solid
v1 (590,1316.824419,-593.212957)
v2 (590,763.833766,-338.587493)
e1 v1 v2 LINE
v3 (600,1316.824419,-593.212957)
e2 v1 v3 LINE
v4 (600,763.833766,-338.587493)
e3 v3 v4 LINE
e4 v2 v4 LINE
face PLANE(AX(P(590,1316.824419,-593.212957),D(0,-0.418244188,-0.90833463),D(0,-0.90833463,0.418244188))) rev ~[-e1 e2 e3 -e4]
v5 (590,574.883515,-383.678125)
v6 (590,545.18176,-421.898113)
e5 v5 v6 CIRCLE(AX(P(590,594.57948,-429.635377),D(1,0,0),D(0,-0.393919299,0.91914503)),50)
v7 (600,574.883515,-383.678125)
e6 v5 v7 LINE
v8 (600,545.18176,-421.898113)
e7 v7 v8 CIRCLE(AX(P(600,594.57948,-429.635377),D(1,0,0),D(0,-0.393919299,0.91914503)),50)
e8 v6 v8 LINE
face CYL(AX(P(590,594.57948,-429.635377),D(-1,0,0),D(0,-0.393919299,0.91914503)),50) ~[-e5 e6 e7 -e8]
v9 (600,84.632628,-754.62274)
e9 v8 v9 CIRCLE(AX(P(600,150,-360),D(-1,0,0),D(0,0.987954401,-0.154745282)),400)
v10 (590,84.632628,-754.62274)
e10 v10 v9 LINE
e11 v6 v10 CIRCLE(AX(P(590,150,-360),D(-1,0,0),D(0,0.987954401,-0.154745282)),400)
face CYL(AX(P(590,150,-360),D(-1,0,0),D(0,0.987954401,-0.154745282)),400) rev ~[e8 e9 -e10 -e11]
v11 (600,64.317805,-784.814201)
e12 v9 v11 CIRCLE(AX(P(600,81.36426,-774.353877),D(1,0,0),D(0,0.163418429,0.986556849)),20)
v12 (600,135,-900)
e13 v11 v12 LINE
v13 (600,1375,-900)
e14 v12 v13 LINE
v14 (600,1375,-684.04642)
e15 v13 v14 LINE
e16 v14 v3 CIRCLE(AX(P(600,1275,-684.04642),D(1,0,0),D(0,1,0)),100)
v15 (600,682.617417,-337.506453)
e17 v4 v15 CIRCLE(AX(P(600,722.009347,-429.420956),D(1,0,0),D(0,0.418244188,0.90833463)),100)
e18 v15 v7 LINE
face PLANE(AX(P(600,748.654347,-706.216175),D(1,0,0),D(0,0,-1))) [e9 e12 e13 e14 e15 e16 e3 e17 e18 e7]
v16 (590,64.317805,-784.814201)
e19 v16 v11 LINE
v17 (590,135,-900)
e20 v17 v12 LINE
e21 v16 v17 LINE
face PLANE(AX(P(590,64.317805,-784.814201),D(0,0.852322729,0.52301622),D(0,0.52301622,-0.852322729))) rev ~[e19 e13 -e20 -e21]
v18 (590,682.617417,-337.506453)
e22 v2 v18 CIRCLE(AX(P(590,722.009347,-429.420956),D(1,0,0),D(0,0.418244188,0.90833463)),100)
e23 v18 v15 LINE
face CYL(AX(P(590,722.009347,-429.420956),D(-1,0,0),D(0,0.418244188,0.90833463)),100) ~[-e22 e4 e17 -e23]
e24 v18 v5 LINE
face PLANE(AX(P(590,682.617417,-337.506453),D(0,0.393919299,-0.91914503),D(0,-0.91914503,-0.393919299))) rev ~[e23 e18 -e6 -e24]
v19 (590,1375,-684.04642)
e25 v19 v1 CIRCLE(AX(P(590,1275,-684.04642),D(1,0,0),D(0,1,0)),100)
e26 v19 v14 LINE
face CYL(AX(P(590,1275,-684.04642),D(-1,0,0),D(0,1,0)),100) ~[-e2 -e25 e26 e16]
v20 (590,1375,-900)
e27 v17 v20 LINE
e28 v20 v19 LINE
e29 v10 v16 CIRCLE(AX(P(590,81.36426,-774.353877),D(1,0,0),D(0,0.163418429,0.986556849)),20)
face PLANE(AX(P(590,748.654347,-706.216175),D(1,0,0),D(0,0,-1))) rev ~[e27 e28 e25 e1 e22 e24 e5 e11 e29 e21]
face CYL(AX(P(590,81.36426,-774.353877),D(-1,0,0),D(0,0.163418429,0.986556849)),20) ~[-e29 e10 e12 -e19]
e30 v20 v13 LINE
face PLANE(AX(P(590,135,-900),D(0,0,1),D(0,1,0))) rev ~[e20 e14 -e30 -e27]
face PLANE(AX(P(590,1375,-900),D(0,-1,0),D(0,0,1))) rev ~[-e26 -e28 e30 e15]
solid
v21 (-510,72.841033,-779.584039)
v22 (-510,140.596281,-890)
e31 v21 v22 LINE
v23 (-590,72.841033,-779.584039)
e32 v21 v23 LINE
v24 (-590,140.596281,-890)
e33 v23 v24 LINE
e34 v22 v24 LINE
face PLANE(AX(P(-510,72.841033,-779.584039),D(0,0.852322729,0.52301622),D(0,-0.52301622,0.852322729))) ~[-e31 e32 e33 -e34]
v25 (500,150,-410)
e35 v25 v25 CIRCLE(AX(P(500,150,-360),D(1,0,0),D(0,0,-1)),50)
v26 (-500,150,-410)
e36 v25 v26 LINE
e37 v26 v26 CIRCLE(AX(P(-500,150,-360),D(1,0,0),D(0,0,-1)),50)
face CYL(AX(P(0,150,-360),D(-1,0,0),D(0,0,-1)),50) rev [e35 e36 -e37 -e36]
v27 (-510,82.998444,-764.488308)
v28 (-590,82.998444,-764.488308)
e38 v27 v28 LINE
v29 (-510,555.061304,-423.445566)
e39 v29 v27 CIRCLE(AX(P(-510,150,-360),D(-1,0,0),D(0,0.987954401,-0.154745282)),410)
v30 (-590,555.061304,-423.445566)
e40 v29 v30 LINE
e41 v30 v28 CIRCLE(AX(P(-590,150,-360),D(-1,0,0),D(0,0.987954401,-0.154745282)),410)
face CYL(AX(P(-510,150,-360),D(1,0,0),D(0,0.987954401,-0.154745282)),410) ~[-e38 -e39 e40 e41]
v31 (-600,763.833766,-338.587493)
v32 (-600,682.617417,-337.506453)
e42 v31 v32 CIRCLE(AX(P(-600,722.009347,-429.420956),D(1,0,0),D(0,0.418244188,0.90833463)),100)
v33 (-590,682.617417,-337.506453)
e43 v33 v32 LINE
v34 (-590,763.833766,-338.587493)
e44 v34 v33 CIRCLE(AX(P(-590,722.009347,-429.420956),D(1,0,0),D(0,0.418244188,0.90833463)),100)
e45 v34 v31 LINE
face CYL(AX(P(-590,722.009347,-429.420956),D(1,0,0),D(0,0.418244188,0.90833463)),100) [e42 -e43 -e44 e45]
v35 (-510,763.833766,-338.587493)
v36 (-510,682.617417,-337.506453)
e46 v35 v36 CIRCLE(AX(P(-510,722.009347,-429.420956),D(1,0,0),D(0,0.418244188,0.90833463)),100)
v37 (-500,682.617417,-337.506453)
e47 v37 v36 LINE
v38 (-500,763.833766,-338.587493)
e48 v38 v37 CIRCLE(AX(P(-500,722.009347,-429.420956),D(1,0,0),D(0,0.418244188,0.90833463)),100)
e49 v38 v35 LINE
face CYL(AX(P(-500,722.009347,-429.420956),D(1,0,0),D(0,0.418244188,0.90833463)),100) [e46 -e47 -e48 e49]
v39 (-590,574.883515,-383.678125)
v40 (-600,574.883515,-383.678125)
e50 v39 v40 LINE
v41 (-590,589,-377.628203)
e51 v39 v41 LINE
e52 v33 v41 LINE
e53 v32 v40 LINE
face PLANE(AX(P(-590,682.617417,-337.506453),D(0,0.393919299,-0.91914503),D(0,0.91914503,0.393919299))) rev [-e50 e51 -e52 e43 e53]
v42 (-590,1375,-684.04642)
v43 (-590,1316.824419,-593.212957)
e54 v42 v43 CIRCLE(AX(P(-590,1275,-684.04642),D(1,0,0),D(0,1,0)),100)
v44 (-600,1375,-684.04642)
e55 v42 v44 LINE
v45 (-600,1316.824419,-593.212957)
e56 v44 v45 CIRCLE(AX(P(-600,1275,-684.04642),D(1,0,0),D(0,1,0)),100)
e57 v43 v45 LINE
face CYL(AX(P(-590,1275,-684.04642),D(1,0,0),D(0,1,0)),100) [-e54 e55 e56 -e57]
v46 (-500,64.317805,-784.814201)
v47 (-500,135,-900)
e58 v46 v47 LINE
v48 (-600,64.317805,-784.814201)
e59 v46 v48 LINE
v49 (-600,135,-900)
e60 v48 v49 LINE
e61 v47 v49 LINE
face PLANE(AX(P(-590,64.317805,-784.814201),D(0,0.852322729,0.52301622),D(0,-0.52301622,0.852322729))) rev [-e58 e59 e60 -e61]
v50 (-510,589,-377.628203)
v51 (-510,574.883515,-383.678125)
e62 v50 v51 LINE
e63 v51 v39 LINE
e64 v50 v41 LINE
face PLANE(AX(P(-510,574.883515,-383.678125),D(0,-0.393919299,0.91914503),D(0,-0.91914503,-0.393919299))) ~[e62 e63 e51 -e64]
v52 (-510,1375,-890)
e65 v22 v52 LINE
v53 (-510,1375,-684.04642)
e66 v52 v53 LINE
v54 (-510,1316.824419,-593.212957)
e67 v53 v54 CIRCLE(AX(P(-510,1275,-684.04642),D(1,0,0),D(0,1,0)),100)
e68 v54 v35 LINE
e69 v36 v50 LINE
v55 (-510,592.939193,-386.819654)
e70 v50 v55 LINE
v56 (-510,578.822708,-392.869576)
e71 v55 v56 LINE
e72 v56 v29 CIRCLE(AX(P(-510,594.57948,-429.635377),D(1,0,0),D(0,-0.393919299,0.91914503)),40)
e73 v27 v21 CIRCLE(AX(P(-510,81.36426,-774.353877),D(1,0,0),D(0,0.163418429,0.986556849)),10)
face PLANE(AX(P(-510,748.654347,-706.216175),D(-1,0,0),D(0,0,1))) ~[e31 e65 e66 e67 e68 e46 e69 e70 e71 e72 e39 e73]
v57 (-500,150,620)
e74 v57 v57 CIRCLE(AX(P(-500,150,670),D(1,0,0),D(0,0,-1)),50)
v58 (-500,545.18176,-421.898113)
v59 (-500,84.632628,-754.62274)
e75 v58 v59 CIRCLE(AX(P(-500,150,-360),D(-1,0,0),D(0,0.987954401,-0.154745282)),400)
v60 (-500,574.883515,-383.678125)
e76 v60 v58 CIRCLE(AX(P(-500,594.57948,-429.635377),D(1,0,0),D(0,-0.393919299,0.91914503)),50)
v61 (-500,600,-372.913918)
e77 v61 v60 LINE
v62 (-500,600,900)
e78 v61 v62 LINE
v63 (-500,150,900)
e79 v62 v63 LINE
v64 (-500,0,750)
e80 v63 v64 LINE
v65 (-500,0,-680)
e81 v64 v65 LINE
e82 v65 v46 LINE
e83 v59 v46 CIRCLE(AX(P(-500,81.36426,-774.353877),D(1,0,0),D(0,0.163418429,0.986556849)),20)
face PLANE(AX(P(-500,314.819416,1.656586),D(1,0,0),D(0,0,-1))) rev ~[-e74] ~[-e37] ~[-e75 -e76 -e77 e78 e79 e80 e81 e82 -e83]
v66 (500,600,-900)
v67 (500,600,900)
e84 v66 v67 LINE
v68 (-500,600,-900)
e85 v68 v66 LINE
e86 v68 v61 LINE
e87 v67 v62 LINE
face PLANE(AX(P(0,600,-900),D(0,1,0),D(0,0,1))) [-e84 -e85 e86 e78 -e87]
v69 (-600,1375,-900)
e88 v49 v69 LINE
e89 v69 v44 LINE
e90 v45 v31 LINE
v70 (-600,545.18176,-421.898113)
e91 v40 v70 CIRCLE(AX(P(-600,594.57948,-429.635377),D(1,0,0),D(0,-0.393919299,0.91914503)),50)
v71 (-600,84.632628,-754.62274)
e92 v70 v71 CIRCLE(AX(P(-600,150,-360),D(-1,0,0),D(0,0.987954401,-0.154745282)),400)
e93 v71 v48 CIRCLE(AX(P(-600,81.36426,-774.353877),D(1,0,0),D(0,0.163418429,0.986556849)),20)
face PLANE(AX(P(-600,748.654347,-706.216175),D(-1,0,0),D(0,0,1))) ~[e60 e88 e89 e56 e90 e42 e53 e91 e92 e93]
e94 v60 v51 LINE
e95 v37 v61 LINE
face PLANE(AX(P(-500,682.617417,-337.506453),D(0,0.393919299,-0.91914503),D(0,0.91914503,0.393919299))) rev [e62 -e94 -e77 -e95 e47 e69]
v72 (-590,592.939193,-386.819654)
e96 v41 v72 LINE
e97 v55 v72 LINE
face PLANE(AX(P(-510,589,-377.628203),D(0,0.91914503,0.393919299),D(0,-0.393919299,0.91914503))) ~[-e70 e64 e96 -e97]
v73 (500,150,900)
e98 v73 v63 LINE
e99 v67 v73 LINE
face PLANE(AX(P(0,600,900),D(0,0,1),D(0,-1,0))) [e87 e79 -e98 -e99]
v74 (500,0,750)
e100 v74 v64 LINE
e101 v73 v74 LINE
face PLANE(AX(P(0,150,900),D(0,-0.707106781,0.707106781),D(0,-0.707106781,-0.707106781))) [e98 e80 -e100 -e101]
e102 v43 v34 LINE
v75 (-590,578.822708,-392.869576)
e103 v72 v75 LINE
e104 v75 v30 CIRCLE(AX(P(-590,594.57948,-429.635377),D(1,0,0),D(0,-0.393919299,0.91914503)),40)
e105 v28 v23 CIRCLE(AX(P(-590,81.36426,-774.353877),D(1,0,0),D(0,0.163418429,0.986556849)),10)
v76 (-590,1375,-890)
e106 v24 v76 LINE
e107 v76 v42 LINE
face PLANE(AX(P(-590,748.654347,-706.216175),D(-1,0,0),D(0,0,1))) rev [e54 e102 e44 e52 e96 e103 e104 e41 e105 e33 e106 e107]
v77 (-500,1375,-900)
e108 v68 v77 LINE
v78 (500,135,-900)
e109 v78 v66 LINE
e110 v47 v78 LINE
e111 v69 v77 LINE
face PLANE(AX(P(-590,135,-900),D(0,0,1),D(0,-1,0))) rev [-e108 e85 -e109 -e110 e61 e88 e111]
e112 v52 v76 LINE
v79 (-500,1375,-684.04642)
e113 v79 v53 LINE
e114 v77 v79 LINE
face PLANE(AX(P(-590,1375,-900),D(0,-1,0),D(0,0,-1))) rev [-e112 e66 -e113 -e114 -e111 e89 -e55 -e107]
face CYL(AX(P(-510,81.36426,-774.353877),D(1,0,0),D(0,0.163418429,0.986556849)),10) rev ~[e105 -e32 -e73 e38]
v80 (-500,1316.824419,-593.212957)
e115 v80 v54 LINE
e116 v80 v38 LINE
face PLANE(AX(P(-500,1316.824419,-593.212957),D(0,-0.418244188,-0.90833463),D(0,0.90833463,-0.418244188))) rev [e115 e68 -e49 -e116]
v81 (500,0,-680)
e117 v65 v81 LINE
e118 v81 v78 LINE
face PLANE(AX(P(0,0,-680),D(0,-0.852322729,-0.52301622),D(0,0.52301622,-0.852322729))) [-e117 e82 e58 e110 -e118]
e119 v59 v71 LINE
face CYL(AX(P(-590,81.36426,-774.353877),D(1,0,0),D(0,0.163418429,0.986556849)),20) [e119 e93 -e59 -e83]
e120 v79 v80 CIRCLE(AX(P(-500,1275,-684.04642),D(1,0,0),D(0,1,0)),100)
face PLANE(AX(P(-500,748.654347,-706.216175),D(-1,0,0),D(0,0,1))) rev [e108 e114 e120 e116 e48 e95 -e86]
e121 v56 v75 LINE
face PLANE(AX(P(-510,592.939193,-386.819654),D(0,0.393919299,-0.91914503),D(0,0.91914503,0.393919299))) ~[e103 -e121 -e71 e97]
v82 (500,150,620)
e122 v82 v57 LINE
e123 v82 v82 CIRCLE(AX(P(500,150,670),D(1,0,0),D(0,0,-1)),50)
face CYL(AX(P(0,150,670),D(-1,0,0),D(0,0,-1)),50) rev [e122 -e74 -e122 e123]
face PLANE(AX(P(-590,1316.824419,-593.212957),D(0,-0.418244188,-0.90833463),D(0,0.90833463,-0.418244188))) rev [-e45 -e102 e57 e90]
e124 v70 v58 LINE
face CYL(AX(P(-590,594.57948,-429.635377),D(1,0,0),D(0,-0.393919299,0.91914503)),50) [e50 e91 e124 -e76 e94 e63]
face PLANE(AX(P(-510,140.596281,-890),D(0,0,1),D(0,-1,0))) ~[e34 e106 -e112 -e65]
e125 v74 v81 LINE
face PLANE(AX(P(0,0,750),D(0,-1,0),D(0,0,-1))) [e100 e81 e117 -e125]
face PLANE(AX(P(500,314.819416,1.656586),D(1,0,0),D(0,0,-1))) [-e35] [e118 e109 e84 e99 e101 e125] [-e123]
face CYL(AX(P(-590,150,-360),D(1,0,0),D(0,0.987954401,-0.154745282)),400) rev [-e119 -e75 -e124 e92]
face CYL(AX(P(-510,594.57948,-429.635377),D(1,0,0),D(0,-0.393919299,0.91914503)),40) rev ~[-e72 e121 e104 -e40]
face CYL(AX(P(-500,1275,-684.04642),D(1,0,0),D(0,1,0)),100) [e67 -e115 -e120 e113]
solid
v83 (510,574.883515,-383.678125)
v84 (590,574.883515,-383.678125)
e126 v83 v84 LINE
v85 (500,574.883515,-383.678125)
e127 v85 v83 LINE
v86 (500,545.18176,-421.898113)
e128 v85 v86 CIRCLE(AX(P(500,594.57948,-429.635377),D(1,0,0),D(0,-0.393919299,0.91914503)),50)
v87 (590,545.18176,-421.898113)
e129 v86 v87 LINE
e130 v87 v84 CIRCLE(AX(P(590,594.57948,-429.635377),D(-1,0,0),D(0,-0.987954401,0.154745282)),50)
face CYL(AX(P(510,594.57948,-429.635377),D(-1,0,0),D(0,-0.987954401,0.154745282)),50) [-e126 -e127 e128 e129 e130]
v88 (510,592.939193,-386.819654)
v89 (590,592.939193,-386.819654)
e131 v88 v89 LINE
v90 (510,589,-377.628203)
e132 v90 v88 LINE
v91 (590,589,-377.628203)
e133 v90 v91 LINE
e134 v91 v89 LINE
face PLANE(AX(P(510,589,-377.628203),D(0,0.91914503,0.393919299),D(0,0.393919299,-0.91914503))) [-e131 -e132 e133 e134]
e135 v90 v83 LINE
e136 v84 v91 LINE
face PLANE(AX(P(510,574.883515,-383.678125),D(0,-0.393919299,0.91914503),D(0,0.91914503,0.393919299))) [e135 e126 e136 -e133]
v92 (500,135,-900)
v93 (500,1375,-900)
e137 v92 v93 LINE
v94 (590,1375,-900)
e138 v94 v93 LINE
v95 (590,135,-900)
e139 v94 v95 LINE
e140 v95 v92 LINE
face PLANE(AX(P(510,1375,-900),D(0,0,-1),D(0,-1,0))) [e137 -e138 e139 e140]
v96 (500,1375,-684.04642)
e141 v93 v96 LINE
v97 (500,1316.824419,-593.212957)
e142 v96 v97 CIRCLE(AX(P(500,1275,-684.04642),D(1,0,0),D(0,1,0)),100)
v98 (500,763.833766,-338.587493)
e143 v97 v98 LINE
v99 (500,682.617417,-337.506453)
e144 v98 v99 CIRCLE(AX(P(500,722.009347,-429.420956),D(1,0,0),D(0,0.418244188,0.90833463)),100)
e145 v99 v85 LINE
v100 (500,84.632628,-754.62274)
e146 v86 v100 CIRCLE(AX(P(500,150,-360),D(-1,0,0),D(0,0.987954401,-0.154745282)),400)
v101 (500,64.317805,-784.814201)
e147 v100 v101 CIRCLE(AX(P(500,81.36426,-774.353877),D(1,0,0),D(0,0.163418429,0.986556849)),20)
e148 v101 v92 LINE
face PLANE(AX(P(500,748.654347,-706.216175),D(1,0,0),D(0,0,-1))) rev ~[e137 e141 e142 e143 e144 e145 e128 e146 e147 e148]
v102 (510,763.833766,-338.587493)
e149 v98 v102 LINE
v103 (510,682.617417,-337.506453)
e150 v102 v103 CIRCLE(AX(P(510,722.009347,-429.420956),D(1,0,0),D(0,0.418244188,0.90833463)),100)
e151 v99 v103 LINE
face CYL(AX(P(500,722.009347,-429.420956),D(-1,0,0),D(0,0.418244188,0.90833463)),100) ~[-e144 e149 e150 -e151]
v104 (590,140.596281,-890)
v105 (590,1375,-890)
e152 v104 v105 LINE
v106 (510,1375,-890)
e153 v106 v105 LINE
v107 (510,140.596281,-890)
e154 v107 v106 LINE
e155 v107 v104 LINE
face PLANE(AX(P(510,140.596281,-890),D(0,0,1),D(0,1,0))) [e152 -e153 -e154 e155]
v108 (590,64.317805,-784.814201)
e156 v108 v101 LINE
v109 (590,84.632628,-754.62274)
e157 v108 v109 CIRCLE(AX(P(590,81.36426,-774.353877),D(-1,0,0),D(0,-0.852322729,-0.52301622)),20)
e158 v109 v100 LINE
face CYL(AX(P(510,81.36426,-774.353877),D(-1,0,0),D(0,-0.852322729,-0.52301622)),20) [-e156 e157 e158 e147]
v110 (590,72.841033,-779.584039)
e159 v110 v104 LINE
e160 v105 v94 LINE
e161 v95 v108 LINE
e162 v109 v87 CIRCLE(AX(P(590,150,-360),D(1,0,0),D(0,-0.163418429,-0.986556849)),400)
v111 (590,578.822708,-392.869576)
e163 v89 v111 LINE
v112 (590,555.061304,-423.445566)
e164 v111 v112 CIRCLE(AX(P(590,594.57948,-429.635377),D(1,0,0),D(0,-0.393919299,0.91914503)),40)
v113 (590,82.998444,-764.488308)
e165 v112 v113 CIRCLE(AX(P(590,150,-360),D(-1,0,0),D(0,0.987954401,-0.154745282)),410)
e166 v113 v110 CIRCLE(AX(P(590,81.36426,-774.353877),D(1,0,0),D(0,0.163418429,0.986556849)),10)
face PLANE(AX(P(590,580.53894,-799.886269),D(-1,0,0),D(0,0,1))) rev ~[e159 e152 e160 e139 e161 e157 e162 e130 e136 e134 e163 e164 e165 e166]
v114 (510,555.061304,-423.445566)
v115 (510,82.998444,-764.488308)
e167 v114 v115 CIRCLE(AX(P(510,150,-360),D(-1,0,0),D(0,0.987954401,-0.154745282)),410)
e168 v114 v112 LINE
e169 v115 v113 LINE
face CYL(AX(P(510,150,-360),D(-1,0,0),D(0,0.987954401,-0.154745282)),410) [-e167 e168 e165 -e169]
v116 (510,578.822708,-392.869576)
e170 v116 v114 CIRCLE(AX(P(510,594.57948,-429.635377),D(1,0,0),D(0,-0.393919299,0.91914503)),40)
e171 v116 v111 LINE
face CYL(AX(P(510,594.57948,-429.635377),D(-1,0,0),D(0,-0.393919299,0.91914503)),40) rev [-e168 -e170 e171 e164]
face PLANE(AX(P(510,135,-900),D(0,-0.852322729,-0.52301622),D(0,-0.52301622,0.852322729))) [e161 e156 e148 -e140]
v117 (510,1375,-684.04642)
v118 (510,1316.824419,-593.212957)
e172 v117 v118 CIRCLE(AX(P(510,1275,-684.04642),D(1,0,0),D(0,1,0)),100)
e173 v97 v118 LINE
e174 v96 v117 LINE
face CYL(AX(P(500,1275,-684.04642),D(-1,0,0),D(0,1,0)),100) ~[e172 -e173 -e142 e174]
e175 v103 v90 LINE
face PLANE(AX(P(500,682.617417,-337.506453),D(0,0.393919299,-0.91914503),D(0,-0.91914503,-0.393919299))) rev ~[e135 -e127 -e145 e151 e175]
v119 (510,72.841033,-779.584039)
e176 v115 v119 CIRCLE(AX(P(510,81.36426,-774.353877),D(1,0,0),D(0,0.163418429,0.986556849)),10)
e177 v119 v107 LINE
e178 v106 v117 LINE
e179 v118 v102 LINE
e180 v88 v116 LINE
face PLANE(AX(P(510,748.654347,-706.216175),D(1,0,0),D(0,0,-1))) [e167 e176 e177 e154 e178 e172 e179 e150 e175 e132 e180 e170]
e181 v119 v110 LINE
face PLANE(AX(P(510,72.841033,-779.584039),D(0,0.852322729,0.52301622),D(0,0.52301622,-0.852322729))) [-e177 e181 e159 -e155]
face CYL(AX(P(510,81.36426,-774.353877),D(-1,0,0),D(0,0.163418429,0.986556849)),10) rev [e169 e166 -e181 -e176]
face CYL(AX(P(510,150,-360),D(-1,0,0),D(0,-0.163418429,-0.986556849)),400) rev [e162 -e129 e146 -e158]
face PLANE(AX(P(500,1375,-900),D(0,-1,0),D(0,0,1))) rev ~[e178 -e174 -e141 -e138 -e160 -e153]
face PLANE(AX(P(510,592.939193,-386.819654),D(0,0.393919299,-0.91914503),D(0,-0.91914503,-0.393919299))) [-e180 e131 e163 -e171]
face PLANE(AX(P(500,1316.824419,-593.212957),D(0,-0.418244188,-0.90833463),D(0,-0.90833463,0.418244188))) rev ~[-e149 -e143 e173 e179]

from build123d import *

# Parameters (mm, degrees)
SKETCH2_R           = 50
BOSS_EXTRUDE1_DEPTH = 500
BOSS_EXTRUDE2_DEPTH = 10
BOSS_EXTRUDE3_DEPTH = 80
BOSS_EXTRUDE4_START = 90
BOSS_EXTRUDE4_DEPTH = 10


with BuildPart() as part:
    # Sketch2 → Boss-Extrude1 (new, symmetric)
    with BuildSketch(Plane(origin=(0, 0, 0), x_dir=(0, 0, -1), z_dir=(1, 0, 0))):
        Polygon((-750, 0), (680, 0), (900, 135), (900, 600), (-900, 600), (-900, 150), align=None)
        with Locations((-670, 150)):
            Circle(SKETCH2_R, mode=Mode.SUBTRACT)
        with Locations((360, 150)):
            Circle(SKETCH2_R, mode=Mode.SUBTRACT)
    extrude(amount=BOSS_EXTRUDE1_DEPTH, both=True)


with BuildPart() as body_2:
    # Sketch3 → Boss-Extrude2 (new body)
    with BuildSketch(Plane(origin=(500, 0, 0), x_dir=(0, 0, -1), z_dir=(1, 0, 0))):
        with BuildLine():
            Line((900, 135), (900, 1375))
            Line((900, 1375), (684.046420048, 1375))
            ThreePointArc((684.046420048, 1375), (630.113322029, 1359.20938747), (593.212957077, 1316.824418761))
            Line((593.212957077, 1316.824418761), (338.587493201, 763.833765708))
            ThreePointArc((338.587493201, 763.833765708), (329.429813626, 723.340291143), (337.50645317, 682.617417089))
            Line((337.50645317, 682.617417089), (383.67812534, 574.883515358))
            ThreePointArc((383.67812534, 574.883515358), (398.954375956, 555.099407026), (421.898112747, 545.181760255))
            ThreePointArc((421.898112747, 545.181760255), (684.23633033, 384.245175178), (754.622739752, 84.632628396))
            ThreePointArc((754.622739752, 84.632628396), (763.188752403, 64.770887689), (784.814201137, 64.317805243))
            Line((784.814201137, 64.317805243), (900, 135))
        make_face()
    boss_extrude2 = extrude(amount=BOSS_EXTRUDE2_DEPTH)

    # Sketch4 → Boss-Extrude3 (add)
    with BuildSketch(Plane(origin=(510, 0, 0), x_dir=(0, 0, -1), z_dir=(1, 0, 0))):
        with BuildLine():
            Line((377.628203351, 589), (386.819653651, 592.939192986))
            Line((386.819653651, 592.939192986), (392.86957564, 578.822708344))
            ThreePointArc((392.86957564, 578.822708344), (405.090576133, 562.995421678), (423.445565566, 555.061304261))
            ThreePointArc((423.445565566, 555.061304261), (692.342238588, 390.101304558), (764.488308246, 82.998444106))
            ThreePointArc((764.488308246, 82.998444106), (768.771314571, 73.067573753), (779.584038938, 72.84103253))
            Line((779.584038938, 72.84103253), (890, 140.596281363))
            Line((890, 140.596281363), (890, 1375))
            Line((890, 1375), (900, 1375))
            Line((900, 1375), (900, 135))
            Line((900, 135), (784.814201137, 64.317805243))
            ThreePointArc((784.814201137, 64.317805243), (763.188752403, 64.770887689), (754.622739752, 84.632628396))
            ThreePointArc((754.622739752, 84.632628396), (684.23633033, 384.245175178), (421.898112747, 545.181760255))
            ThreePointArc((421.898112747, 545.181760255), (398.954375956, 555.099407026), (383.67812534, 574.883515358))
            Line((383.67812534, 574.883515358), (377.628203351, 589))
        make_face()
    boss_extrude3 = extrude(amount=BOSS_EXTRUDE3_DEPTH)


with BuildPart() as body_3:
    # Sketch3<2> → Boss-Extrude4 (new body)
    with BuildSketch(Plane(origin=(500, 0, 0), x_dir=(0, 0, -1), z_dir=(1, 0, 0)).offset(BOSS_EXTRUDE4_START)):
        with BuildLine():
            Line((900, 135), (900, 1375))
            Line((900, 1375), (684.046420048, 1375))
            ThreePointArc((684.046420048, 1375), (630.113322029, 1359.20938747), (593.212957077, 1316.824418761))
            Line((593.212957077, 1316.824418761), (338.587493201, 763.833765708))
            ThreePointArc((338.587493201, 763.833765708), (329.429813626, 723.340291143), (337.50645317, 682.617417089))
            Line((337.50645317, 682.617417089), (383.67812534, 574.883515358))
            ThreePointArc((383.67812534, 574.883515358), (398.954375956, 555.099407026), (421.898112747, 545.181760255))
            ThreePointArc((421.898112747, 545.181760255), (684.23633033, 384.245175178), (754.622739752, 84.632628396))
            ThreePointArc((754.622739752, 84.632628396), (763.188752403, 64.770887689), (784.814201137, 64.317805243))
            Line((784.814201137, 64.317805243), (900, 135))
        make_face()
    boss_extrude4 = extrude(amount=BOSS_EXTRUDE4_DEPTH)


with BuildPart() as part_1:
    add(part.part)

    # Mirror1: Boss-Extrude2, Boss-Extrude3, Boss-Extrude4 across plane
    add(boss_extrude2.mirror(Plane(origin=(0, 0, 0), x_dir=(0, 0, 1), z_dir=(1, 0, 0))))
    add(boss_extrude3.mirror(Plane(origin=(0, 0, 0), x_dir=(0, 0, 1), z_dir=(1, 0, 0))))
    add(boss_extrude4.mirror(Plane(origin=(0, 0, 0), x_dir=(0, 0, 1), z_dir=(1, 0, 0))))


solid = Compound([body_2.part, body_3.part, part_1.part])
